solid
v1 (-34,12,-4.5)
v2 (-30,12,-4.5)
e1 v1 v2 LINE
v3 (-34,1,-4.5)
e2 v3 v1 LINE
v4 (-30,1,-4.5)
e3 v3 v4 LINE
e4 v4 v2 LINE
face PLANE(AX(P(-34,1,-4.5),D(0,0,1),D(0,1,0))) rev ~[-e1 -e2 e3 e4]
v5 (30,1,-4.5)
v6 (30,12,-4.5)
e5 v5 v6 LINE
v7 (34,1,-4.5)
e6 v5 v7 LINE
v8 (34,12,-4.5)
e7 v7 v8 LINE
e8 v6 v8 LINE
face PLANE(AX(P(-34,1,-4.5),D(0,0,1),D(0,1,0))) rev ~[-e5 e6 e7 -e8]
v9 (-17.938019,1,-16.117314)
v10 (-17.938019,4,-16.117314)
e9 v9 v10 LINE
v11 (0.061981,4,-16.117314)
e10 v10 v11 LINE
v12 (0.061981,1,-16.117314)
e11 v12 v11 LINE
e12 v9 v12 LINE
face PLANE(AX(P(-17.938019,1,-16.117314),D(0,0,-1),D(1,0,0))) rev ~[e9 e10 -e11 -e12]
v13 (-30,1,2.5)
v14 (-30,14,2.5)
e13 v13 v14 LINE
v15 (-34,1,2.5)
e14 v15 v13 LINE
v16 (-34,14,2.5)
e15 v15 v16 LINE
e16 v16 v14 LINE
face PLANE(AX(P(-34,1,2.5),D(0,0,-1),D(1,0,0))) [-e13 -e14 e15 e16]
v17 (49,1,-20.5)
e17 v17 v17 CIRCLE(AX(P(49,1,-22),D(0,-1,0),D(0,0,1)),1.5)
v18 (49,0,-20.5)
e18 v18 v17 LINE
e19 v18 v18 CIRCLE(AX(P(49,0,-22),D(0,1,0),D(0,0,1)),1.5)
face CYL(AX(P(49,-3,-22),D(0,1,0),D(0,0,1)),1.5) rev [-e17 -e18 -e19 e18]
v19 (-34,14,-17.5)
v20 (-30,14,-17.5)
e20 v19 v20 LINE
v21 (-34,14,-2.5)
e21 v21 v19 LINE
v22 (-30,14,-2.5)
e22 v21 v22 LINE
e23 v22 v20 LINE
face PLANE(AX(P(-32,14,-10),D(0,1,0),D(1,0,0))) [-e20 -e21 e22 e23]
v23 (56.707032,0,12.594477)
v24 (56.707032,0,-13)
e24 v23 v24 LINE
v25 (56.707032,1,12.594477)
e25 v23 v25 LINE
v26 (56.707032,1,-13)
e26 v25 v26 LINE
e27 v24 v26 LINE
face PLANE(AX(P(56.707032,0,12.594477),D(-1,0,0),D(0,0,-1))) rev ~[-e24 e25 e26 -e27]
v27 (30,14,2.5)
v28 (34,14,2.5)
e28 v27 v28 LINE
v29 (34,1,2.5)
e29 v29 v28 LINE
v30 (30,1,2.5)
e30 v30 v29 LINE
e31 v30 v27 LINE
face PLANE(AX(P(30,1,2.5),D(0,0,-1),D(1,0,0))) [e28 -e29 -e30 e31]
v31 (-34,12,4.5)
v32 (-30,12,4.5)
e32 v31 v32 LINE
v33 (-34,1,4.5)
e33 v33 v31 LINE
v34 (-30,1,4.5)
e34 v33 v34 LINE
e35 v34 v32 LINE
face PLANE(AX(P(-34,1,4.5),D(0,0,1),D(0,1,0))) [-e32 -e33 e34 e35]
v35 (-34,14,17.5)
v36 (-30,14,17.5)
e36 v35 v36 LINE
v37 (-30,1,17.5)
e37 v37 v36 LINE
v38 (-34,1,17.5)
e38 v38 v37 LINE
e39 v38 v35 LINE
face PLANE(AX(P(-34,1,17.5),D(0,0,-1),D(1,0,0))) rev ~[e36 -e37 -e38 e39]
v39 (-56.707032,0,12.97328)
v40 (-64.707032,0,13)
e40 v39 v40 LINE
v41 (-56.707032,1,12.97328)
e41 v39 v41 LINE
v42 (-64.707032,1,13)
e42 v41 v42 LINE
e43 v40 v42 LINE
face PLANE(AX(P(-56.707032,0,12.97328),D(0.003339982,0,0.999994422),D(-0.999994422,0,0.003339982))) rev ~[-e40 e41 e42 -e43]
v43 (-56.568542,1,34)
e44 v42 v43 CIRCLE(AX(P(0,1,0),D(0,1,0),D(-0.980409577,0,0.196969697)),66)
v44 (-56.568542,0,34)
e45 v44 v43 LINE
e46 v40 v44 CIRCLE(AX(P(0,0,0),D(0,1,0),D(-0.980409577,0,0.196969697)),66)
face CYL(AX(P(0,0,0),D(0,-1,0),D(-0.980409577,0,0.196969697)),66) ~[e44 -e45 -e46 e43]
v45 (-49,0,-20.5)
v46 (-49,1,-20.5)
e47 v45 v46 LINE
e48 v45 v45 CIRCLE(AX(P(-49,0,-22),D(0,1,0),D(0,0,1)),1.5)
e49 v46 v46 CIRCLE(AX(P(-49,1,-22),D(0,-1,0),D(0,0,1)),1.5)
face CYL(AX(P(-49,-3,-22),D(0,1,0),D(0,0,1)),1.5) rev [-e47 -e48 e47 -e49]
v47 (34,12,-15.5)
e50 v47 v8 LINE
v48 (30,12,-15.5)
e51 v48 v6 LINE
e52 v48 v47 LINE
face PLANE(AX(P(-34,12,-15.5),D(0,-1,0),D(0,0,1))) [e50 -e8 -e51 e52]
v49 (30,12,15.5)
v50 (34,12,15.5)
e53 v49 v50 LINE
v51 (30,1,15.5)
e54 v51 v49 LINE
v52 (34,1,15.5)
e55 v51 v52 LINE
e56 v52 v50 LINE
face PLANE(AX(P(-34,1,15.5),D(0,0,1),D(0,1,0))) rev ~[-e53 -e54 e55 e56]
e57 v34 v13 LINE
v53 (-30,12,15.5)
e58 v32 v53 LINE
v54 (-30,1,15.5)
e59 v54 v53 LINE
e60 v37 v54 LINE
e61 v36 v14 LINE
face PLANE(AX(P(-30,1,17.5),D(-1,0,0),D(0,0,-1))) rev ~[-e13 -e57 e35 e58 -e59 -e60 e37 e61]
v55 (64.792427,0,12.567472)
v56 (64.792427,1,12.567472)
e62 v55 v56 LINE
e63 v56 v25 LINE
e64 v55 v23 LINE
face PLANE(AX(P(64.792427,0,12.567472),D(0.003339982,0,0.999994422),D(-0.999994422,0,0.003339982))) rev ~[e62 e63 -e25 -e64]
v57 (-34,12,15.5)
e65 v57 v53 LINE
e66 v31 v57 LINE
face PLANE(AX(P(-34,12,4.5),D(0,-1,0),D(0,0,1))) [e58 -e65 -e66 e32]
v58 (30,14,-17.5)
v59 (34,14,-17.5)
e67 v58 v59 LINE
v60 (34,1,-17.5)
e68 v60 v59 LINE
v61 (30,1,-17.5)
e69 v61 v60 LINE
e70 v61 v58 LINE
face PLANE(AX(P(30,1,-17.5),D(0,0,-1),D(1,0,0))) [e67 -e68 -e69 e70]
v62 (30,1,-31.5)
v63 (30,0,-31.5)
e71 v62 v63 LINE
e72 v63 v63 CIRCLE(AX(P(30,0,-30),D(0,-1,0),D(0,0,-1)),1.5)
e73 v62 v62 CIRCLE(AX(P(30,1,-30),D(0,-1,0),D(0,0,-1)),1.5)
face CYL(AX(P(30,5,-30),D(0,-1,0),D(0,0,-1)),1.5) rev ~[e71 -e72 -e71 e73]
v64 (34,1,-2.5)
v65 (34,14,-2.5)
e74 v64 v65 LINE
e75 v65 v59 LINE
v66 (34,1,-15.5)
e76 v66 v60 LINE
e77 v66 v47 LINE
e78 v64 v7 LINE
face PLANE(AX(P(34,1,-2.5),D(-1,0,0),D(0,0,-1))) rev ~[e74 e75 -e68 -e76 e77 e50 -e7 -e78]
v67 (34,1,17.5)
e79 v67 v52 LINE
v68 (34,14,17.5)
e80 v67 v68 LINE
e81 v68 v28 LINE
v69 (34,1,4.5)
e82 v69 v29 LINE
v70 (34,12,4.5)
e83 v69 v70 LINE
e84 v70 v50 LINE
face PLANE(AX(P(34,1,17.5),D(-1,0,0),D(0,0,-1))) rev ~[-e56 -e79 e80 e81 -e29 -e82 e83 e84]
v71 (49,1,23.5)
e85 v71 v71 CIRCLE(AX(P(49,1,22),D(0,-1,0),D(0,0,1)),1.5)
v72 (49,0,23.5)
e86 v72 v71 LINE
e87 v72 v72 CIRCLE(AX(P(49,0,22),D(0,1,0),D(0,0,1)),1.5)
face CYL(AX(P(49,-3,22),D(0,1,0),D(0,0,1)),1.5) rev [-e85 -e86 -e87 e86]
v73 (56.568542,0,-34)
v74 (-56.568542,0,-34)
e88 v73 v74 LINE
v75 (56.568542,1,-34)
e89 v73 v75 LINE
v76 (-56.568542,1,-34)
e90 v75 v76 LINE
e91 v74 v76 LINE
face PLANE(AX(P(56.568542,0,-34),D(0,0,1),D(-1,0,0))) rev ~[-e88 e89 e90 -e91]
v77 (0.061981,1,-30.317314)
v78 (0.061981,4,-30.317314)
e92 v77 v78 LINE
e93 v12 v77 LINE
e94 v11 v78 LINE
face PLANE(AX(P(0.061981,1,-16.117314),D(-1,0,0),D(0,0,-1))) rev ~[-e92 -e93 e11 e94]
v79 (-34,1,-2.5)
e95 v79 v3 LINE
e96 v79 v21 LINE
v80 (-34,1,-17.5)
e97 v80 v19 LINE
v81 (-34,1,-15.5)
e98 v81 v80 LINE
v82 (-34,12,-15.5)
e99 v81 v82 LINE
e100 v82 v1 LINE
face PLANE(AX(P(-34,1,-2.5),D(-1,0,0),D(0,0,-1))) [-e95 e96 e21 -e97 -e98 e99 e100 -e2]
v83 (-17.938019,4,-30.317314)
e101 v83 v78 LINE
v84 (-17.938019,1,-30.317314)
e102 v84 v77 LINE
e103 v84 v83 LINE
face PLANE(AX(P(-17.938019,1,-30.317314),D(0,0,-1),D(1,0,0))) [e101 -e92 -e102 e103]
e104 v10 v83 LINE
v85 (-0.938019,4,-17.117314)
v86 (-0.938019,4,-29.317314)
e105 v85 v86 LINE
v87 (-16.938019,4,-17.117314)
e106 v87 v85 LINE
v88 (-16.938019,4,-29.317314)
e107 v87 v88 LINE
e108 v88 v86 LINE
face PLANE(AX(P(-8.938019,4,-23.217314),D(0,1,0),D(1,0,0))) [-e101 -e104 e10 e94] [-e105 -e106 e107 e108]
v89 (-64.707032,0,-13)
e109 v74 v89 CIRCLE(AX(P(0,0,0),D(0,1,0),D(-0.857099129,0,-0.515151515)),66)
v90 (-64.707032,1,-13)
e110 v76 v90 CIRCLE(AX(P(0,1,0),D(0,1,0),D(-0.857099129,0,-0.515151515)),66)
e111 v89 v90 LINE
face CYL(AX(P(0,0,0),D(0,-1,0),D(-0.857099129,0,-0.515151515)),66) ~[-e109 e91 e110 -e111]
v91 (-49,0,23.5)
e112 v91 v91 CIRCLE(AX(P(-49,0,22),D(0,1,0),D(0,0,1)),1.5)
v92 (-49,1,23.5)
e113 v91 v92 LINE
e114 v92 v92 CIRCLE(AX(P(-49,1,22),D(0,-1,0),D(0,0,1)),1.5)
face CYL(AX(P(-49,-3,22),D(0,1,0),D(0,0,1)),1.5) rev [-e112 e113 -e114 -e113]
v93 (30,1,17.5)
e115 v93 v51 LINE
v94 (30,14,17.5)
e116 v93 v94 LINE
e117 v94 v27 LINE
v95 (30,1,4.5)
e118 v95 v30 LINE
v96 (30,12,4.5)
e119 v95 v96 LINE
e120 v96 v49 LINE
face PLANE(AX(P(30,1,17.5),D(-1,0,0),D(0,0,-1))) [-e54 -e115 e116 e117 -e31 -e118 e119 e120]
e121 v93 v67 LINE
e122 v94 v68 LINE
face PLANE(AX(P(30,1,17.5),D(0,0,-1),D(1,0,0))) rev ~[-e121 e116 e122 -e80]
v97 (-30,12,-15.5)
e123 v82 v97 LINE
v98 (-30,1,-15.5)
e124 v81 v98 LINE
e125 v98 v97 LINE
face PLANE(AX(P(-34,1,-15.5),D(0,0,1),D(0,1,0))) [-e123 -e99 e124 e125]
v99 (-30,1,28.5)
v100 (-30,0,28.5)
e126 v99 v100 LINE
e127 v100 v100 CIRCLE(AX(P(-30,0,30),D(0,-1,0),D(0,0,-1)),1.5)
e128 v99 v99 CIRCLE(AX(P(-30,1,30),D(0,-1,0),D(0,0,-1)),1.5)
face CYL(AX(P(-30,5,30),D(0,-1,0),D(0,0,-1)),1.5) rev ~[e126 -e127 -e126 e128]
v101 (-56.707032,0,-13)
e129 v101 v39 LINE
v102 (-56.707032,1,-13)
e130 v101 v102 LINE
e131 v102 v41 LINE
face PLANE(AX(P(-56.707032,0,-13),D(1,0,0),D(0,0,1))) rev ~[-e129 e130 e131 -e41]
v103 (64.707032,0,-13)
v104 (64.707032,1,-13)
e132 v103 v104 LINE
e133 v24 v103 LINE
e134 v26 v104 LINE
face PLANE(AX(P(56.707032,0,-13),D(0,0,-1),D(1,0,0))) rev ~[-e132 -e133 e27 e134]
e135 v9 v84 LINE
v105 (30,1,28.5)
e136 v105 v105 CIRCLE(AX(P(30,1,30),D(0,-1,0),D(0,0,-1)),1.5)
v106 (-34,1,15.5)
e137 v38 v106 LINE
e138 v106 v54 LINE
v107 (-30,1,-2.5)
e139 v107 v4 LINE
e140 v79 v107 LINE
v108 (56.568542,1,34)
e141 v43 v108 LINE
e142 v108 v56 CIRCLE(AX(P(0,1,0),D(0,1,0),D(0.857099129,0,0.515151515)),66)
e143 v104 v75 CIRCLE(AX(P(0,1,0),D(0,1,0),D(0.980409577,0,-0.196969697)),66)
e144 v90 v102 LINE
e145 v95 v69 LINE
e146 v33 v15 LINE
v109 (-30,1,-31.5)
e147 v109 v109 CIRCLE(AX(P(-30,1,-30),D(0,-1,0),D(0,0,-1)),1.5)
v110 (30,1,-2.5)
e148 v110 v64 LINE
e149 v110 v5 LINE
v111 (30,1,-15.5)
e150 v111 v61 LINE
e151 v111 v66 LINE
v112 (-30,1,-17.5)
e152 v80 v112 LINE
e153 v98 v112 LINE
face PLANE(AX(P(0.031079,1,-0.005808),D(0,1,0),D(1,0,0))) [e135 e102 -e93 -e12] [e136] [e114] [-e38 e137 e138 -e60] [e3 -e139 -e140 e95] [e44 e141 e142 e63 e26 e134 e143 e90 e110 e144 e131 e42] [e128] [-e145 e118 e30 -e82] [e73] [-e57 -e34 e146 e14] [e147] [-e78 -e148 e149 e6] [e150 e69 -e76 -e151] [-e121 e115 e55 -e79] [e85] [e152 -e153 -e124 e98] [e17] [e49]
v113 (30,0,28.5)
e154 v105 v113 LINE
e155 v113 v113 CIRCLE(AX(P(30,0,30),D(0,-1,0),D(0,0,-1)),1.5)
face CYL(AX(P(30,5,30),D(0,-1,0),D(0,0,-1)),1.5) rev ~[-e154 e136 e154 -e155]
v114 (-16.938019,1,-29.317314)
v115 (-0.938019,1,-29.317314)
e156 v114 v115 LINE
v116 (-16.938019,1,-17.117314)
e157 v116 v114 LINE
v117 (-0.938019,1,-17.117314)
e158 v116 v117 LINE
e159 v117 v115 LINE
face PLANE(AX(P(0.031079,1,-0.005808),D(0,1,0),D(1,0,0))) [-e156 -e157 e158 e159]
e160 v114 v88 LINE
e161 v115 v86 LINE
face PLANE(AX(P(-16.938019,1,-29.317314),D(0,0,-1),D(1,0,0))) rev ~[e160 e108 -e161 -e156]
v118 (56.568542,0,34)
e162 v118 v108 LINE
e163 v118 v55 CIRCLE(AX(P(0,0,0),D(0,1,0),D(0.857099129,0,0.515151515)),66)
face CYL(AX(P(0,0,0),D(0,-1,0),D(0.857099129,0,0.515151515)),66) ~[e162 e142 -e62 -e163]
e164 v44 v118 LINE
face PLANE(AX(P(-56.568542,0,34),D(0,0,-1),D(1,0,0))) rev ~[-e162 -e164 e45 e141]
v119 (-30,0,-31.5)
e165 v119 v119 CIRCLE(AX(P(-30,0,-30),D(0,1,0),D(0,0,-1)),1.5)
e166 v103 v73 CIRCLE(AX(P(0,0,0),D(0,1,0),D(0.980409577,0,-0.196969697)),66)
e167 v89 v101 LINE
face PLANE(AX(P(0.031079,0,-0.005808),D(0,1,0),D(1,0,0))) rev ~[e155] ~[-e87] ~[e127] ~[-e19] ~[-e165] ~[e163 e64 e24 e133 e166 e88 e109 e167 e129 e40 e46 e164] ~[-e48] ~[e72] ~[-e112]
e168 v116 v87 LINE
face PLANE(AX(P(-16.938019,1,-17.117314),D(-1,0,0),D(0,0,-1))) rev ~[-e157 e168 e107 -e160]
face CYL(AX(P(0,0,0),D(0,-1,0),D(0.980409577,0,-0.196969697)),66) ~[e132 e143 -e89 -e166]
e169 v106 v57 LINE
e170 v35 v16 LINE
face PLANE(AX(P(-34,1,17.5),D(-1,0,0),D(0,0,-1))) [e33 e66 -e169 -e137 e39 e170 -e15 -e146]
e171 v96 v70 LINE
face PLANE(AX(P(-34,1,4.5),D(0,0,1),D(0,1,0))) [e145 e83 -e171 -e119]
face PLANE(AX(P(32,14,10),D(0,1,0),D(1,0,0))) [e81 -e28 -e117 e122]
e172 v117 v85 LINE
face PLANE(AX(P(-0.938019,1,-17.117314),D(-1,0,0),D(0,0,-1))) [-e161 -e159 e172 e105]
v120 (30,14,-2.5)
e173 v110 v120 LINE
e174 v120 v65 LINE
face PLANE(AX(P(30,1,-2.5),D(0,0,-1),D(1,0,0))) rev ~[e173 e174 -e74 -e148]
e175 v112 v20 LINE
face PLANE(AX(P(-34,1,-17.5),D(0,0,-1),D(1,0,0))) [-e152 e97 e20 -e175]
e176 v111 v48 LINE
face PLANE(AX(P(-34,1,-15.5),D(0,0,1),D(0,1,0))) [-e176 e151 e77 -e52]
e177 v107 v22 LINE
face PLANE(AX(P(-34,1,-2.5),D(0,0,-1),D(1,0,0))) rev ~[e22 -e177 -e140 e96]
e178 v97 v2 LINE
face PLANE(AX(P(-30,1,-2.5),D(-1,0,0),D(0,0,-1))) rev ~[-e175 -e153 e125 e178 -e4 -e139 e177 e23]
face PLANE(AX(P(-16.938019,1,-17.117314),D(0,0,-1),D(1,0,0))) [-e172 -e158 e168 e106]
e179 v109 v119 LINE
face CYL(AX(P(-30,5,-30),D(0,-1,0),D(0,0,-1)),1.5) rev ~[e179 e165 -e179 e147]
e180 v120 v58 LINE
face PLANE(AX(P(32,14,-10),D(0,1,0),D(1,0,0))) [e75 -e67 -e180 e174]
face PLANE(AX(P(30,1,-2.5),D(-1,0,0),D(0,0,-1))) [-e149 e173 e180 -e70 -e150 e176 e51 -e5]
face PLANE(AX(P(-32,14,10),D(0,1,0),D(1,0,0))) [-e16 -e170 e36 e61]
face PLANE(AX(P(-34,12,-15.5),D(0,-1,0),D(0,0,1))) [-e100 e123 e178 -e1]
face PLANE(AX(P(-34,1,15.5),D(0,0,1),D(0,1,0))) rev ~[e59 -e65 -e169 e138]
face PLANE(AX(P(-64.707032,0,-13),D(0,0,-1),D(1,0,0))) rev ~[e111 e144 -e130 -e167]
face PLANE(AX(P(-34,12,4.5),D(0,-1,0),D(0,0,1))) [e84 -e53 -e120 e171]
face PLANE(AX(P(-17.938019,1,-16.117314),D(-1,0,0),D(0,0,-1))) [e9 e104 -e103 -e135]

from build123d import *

# Parameters (mm, degrees)
EXTRUDE_2_DEPTH             = 1
F_3_0MM_1_D                 = 3
F_3_0MM_1_DEPTH             = 4
F_3_0MM_1_TIP               = 0.901290929
F_3_0MM_1_ON_FACE_2_D       = 3
F_3_0MM_1_ON_FACE_2_DEPTH   = 4
F_3_0MM_1_ON_FACE_2_TIP     = 0.901290929
PATTERN_LINEAR_1_COUNT      = 2
PATTERN_LINEAR_1_PITCH      = 98
PATTERN_LINEAR_1_COUNT_DIR2 = 2
PATTERN_LINEAR_1_PITCH_DIR2 = 44
SKETCH_16_W                 = 4
SKETCH_16_H                 = 15
EXTRUDE_3_DEPTH             = 13
CUT_EXTRUDE_1_REACH         = 107.413
SKETCH_17_W                 = 11
SKETCH_17_H                 = 11
SKETCH_18_W                 = 18
SKETCH_18_H                 = 14.2
SKETCH_18_W_2               = 16
SKETCH_18_H_2               = 12.2
EXTRUDE_4_DEPTH             = 3


with BuildPart() as part:
    # 草圖10 → 填料-伸長2 (new body)
    with BuildSketch(Plane(origin=(0, 0, 0), x_dir=(1, 0, 0), z_dir=(0, 1, 0))):
        with BuildLine():
            Line((56.568542495, 34), (-56.568542495, 34))
            ThreePointArc((-56.568542495, 34), (-61.540159626, 23.849711805), (-64.707032075, 13))
            Line((-64.707032075, 13), (-56.707032075, 13))
            Line((-56.707032075, 13), (-56.707032075, -12.973279994))
            Line((-56.707032075, -12.973279994), (-64.707032075, -13))
            ThreePointArc((-64.707032075, -13), (-61.540159626, -23.849711805), (-56.568542495, -34))
            Line((-56.568542495, -34), (56.568542495, -34))
            ThreePointArc((56.568542495, -34), (61.619473981, -23.644035746), (64.792427449, -12.567471713))
            Line((64.792427449, -12.567471713), (56.707032075, -12.594476939))
            Line((56.707032075, -12.594476939), (56.707032075, 13))
            Line((56.707032075, 13), (64.707032075, 13))
            ThreePointArc((64.707032075, 13), (61.540159626, 23.849711805), (56.568542495, 34))
        make_face()
    extrude(amount=EXTRUDE_2_DEPTH)

    # Ø3.0mm 定位孔1
    with Locations(Plane(origin=(30, 1, 30), x_dir=(0, 0, 1), z_dir=(0, 1, 0))):
        with Locations((0, 0), (-60, -60), (0, -60), (-60, 0)):
            Hole(F_3_0MM_1_D / 2, depth=F_3_0MM_1_DEPTH)
            with Locations((0, 0, -(F_3_0MM_1_DEPTH + F_3_0MM_1_TIP / 2))):  # 118° drill point
                Cone(0, F_3_0MM_1_D / 2, F_3_0MM_1_TIP, mode=Mode.SUBTRACT)

    # Ø3.0mm 定位孔1 on face 2
    with Locations(Plane(origin=(-30, 0, -30), x_dir=(0, 0, -1), z_dir=(0, -1, 0))):
        with Locations((0, 0)):
            Hole(F_3_0MM_1_ON_FACE_2_D / 2, depth=F_3_0MM_1_ON_FACE_2_DEPTH)
            with Locations((0, 0, -(F_3_0MM_1_ON_FACE_2_DEPTH + F_3_0MM_1_ON_FACE_2_TIP / 2))):  # 118° drill point
                Cone(0, F_3_0MM_1_ON_FACE_2_D / 2, F_3_0MM_1_ON_FACE_2_TIP, mode=Mode.SUBTRACT)

    # 草圖14 → Ø3.0mm 定位孔2 (revolve, cut)
    with BuildSketch(Plane(origin=(-49, 1, -22), x_dir=(0, 0, 1), z_dir=(1, 0, 0))):
        Polygon((0, 0), (0, 4.901290929), (1.5, 4), (1.5, 0), align=None)
    f_3_0mm_2 = revolve(axis=Axis((-49, 7.35, -22), (0, -1, 0)), mode=Mode.SUBTRACT)

    # 直線複製排列1: 3.0mm _2 2 × 2
    with Locations(*[(i * PATTERN_LINEAR_1_PITCH, 0, j * PATTERN_LINEAR_1_PITCH_DIR2) for i in range(PATTERN_LINEAR_1_COUNT) for j in range(PATTERN_LINEAR_1_COUNT_DIR2) if (i, j) != (0, 0)]):
        add(f_3_0mm_2, mode=Mode.SUBTRACT)

    # 草圖16 → 填料-伸長3 (add)
    with BuildSketch(Plane(origin=(0, 1, 0), x_dir=(1, 0, 0), z_dir=(0, 1, 0))):
        with Locations((-32, 10)):
            Rectangle(SKETCH_16_W, SKETCH_16_H)
        with Locations((32, 10)):
            Rectangle(SKETCH_16_W, SKETCH_16_H)
        with Locations((32, -10)):
            Rectangle(SKETCH_16_W, SKETCH_16_H)
        with Locations((-32, -10)):
            Rectangle(SKETCH_16_W, SKETCH_16_H)
    extrude(amount=EXTRUDE_3_DEPTH)

    # 除料-伸長1: up to this face of the body (flat: up to its plane)
    cut_extrude_1_end = Plane(part.part.faces().sort_by_distance((34, 7.5, -10))[0])
    # 草圖17 → 除料-伸長1 (cut, up to the picked face)
    with BuildSketch(Plane.ZY.offset(34), mode=Mode.PRIVATE) as cut_extrude_1_sk1:
        with Locations((-10, 6.5)):
            Rectangle(SKETCH_17_W, SKETCH_17_H)
    cut_extrude_1_tool1 = split(extrude(cut_extrude_1_sk1.sketch, amount=-CUT_EXTRUDE_1_REACH, mode=Mode.PRIVATE), bisect_by=cut_extrude_1_end, keep=Keep.BOTH, mode=Mode.PRIVATE)
    # 草圖17 → 除料-伸長1 (cut, up to the picked face)
    with BuildSketch(Plane.ZY.offset(34), mode=Mode.PRIVATE) as cut_extrude_1_sk2:
        with Locations((10, 6.5)):
            Rectangle(SKETCH_17_W, SKETCH_17_H)
    cut_extrude_1_tool2 = split(extrude(cut_extrude_1_sk2.sketch, amount=-CUT_EXTRUDE_1_REACH, mode=Mode.PRIVATE), bisect_by=cut_extrude_1_end, keep=Keep.BOTH, mode=Mode.PRIVATE)
    add(cut_extrude_1_tool1.solids().sort_by(Axis((-34, 6.5, -10), (1, 0, 0)))[0], mode=Mode.SUBTRACT)
    add(cut_extrude_1_tool2.solids().sort_by(Axis((-34, 6.5, 10), (1, 0, 0)))[0], mode=Mode.SUBTRACT)

    # 草圖18 → 填料-伸長4 (add)
    with BuildSketch(Plane(origin=(0, 1, 0), x_dir=(1, 0, 0), z_dir=(0, 1, 0))):
        with Locations((-8.938019144, 23.21731374)):
            Rectangle(SKETCH_18_W, SKETCH_18_H)
        with Locations((-8.938019144, 23.21731374)):
            Rectangle(SKETCH_18_W_2, SKETCH_18_H_2, mode=Mode.SUBTRACT)
    extrude(amount=EXTRUDE_4_DEPTH)


solid = part.part
